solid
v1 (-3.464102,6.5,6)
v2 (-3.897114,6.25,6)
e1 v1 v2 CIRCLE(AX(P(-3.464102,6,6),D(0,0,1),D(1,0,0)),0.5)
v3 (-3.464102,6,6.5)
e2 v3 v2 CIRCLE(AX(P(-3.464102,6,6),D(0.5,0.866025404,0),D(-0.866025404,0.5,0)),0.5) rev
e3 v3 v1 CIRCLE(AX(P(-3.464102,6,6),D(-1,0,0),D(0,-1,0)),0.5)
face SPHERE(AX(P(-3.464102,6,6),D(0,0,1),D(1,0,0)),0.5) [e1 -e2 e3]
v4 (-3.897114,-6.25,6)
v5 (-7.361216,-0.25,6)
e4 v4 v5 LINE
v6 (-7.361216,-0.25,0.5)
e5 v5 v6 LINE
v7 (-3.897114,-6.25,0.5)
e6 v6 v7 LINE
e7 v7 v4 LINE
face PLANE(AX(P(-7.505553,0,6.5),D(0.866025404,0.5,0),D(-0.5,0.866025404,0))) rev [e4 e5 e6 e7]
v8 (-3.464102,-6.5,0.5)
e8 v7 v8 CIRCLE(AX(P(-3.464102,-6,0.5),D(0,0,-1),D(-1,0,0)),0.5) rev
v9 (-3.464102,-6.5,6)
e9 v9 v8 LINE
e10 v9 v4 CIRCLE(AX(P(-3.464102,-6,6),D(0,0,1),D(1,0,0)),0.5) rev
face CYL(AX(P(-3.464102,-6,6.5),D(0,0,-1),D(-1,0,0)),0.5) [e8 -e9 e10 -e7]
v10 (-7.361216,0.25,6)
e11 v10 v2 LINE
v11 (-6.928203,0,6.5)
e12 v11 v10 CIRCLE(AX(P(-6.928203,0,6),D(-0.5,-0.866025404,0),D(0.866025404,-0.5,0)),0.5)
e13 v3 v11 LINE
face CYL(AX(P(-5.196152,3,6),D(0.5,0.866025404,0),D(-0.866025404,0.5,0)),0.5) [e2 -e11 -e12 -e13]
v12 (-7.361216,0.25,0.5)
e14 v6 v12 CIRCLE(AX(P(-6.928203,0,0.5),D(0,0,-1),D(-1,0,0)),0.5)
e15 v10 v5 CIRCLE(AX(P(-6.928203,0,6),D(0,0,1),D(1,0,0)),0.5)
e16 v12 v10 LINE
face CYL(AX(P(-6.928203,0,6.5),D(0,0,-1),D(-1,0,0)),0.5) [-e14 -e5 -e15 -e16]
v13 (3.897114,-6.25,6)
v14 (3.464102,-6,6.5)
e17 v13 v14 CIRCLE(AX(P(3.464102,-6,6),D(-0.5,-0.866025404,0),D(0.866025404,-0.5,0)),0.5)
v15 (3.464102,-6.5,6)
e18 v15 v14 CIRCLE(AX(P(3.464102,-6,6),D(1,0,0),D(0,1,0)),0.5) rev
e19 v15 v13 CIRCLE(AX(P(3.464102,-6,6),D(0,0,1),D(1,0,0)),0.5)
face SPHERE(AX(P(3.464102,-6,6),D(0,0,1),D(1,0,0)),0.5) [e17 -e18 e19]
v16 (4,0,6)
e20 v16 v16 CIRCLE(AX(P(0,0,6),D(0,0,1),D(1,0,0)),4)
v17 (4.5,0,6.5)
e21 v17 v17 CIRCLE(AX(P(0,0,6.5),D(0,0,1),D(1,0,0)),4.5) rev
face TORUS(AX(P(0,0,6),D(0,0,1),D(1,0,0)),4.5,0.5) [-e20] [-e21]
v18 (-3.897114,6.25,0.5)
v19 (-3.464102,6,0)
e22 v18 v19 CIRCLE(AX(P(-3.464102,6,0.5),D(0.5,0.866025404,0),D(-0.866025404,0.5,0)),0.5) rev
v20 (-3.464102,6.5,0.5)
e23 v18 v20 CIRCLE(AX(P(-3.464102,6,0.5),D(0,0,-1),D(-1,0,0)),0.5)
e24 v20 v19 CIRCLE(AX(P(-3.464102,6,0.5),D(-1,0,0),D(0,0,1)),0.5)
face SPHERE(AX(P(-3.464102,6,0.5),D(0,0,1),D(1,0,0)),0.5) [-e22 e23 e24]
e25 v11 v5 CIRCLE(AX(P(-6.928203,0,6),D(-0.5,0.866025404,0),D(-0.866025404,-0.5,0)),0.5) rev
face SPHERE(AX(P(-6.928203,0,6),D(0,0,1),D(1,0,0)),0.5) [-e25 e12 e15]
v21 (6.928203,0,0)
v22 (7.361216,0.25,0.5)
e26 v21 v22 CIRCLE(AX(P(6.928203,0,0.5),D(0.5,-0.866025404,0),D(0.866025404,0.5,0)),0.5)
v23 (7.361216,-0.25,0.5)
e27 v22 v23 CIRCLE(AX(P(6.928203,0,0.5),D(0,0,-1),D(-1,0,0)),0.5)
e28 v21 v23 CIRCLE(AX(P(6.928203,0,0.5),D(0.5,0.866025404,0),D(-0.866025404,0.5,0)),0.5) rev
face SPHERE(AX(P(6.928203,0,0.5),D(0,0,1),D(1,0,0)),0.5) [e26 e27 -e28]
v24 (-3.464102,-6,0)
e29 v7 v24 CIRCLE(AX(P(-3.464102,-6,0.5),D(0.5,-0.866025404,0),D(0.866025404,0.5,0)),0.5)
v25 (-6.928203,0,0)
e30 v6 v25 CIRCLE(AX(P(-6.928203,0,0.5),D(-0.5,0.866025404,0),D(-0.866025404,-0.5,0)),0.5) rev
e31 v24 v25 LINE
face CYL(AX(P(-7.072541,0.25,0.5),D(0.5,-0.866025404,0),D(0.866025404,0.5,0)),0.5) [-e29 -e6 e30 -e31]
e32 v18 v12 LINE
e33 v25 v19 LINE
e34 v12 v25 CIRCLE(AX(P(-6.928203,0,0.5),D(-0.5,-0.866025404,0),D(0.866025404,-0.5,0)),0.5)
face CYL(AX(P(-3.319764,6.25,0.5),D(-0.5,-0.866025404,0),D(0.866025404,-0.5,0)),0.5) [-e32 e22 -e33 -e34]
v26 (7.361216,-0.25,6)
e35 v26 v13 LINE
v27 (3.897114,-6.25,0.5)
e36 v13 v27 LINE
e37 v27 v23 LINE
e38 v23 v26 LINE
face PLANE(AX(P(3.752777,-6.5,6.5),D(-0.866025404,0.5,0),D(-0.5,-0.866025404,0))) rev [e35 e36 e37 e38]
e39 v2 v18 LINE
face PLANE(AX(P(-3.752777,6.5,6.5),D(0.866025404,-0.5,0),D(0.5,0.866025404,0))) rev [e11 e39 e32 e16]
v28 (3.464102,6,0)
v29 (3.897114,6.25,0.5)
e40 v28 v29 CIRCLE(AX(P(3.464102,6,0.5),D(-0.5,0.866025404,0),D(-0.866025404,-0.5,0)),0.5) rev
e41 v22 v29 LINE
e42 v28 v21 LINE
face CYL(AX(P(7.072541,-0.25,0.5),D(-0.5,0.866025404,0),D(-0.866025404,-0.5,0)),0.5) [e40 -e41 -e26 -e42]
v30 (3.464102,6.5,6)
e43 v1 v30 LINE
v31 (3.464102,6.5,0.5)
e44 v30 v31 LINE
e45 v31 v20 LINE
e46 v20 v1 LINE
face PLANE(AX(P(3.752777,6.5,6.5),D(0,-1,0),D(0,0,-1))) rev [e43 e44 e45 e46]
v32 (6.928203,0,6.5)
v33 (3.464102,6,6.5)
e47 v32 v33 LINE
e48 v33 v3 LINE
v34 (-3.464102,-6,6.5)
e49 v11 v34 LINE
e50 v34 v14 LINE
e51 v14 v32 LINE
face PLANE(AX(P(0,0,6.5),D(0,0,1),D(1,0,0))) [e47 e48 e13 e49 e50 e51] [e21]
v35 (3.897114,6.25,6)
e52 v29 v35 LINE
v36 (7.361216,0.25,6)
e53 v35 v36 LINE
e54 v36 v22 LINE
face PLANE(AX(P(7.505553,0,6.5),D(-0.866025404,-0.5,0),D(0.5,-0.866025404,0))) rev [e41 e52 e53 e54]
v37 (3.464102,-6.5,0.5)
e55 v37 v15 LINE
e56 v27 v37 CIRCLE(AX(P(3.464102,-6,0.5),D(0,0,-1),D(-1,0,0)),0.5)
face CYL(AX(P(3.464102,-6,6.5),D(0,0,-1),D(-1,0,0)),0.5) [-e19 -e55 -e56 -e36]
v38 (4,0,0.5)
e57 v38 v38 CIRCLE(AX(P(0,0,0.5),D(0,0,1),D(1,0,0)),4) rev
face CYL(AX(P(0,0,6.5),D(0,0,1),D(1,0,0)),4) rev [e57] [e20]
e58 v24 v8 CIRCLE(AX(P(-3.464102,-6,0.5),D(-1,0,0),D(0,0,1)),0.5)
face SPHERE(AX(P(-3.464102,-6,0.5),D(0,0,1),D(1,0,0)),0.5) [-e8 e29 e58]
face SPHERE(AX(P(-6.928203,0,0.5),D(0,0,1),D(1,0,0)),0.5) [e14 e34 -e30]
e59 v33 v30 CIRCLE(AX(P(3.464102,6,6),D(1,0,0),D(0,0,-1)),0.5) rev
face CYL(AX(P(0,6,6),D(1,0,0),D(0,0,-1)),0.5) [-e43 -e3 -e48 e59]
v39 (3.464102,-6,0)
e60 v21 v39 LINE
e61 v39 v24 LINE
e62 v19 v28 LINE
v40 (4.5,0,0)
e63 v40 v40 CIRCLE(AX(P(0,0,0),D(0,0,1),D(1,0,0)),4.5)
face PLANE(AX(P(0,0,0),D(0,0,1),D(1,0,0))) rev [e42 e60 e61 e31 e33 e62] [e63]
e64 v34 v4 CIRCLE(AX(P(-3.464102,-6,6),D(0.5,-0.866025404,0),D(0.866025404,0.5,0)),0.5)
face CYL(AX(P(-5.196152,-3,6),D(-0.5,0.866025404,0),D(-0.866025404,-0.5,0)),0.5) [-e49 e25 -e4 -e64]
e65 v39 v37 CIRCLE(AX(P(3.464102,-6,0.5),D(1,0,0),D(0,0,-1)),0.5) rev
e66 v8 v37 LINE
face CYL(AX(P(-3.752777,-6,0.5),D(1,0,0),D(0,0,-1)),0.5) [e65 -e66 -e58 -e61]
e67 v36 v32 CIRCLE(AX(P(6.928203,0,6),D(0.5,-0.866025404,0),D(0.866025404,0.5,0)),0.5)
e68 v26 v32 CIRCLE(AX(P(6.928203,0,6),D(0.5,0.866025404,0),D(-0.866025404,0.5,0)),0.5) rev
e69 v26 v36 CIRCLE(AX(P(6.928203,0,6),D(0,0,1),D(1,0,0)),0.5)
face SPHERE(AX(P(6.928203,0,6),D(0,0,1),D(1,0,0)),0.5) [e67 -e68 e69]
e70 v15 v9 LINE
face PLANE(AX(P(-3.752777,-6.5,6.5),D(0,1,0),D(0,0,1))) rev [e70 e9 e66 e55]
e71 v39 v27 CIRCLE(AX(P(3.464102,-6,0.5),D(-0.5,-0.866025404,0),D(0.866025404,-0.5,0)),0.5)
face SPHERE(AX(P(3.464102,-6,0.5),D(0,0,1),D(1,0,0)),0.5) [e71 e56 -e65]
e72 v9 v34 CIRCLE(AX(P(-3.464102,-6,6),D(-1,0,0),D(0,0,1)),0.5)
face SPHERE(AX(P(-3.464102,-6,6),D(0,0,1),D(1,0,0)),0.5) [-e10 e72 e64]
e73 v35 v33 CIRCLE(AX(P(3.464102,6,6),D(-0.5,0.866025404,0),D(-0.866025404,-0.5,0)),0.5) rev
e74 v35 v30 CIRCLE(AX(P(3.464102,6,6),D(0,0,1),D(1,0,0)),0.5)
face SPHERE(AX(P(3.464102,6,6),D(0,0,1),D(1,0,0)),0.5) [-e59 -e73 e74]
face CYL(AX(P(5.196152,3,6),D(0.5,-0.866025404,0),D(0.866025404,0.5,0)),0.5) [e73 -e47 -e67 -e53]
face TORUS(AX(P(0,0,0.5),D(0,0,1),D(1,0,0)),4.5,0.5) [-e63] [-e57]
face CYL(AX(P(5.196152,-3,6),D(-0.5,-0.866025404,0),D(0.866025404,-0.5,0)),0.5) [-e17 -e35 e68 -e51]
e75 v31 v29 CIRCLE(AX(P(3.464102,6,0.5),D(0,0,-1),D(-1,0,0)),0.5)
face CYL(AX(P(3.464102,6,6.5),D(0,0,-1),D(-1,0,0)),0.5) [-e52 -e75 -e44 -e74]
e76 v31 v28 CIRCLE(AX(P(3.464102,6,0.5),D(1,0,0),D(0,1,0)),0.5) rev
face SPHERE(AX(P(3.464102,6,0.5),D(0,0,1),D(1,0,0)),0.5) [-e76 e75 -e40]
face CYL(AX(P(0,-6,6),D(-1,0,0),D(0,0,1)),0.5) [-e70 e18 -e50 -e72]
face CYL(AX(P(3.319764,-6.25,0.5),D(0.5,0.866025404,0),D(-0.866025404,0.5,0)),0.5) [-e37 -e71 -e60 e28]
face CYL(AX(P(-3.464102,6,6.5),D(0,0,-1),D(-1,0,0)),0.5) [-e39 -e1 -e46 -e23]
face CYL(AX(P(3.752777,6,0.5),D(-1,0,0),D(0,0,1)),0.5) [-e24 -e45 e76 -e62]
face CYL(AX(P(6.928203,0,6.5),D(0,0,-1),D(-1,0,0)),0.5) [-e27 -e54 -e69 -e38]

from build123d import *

# Parameters (mm, degrees)
BOSS_EXTRUDE1_DEPTH      = 6.5
M7_CLEARANCE_HOLE1_D     = 8
M7_CLEARANCE_HOLE1_DEPTH = 14
M7_CLEARANCE_HOLE1_TIP   = 2.403442476
FILLET1_R                = 0.5


with BuildPart() as part:
    # Sketch1 → Boss-Extrude1 (new body)
    with BuildSketch(Plane.XY):
        Polygon((-7.505553499, 0), (-3.75277675, -6.5), (3.75277675, -6.5), (7.505553499, 0), (3.75277675, 6.5), (-3.75277675, 6.5), align=None)
    extrude(amount=BOSS_EXTRUDE1_DEPTH)

    # M7 Clearance Hole1
    with Locations(Plane.XY.offset(6.5)):
        with Locations((0, 0)):
            Hole(M7_CLEARANCE_HOLE1_D / 2, depth=M7_CLEARANCE_HOLE1_DEPTH)
            with Locations((0, 0, -(M7_CLEARANCE_HOLE1_DEPTH + M7_CLEARANCE_HOLE1_TIP / 2))):  # 118° drill point
                Cone(0, M7_CLEARANCE_HOLE1_D / 2, M7_CLEARANCE_HOLE1_TIP, mode=Mode.SUBTRACT)

    # Fillet1
    fillet1_edges = [part.edges().sort_by_distance(p)[0] for p in [
        (0, -6.5, 6.5),
        (-3.75277675, 6.5, 3.25),
        (3.75277675, 6.5, 3.25),
        (7.505553499, 0, 3.25),
        (3.75277675, -6.5, 3.25),
        (-3.75277675, -6.5, 3.25),
        (-7.505553499, 0, 3.25),
        (5.629165125, -3.25, 6.5),
        (5.629165125, 3.25, 6.5),
        (0, 6.5, 6.5),
        (4, 0, 0),
        (4, 0, 6.5),
        (-5.629165125, 3.25, 6.5),
        (0, 6.5, 0),
        (5.629165125, 3.25, 0),
        (5.629165125, -3.25, 0),
        (-5.629165125, -3.25, 6.5),
        (0, -6.5, 0),
        (-5.629165125, -3.25, 0),
        (-5.629165125, 3.25, 0),
    ]]
    fillet(fillet1_edges, radius=FILLET1_R)


solid = part.part
